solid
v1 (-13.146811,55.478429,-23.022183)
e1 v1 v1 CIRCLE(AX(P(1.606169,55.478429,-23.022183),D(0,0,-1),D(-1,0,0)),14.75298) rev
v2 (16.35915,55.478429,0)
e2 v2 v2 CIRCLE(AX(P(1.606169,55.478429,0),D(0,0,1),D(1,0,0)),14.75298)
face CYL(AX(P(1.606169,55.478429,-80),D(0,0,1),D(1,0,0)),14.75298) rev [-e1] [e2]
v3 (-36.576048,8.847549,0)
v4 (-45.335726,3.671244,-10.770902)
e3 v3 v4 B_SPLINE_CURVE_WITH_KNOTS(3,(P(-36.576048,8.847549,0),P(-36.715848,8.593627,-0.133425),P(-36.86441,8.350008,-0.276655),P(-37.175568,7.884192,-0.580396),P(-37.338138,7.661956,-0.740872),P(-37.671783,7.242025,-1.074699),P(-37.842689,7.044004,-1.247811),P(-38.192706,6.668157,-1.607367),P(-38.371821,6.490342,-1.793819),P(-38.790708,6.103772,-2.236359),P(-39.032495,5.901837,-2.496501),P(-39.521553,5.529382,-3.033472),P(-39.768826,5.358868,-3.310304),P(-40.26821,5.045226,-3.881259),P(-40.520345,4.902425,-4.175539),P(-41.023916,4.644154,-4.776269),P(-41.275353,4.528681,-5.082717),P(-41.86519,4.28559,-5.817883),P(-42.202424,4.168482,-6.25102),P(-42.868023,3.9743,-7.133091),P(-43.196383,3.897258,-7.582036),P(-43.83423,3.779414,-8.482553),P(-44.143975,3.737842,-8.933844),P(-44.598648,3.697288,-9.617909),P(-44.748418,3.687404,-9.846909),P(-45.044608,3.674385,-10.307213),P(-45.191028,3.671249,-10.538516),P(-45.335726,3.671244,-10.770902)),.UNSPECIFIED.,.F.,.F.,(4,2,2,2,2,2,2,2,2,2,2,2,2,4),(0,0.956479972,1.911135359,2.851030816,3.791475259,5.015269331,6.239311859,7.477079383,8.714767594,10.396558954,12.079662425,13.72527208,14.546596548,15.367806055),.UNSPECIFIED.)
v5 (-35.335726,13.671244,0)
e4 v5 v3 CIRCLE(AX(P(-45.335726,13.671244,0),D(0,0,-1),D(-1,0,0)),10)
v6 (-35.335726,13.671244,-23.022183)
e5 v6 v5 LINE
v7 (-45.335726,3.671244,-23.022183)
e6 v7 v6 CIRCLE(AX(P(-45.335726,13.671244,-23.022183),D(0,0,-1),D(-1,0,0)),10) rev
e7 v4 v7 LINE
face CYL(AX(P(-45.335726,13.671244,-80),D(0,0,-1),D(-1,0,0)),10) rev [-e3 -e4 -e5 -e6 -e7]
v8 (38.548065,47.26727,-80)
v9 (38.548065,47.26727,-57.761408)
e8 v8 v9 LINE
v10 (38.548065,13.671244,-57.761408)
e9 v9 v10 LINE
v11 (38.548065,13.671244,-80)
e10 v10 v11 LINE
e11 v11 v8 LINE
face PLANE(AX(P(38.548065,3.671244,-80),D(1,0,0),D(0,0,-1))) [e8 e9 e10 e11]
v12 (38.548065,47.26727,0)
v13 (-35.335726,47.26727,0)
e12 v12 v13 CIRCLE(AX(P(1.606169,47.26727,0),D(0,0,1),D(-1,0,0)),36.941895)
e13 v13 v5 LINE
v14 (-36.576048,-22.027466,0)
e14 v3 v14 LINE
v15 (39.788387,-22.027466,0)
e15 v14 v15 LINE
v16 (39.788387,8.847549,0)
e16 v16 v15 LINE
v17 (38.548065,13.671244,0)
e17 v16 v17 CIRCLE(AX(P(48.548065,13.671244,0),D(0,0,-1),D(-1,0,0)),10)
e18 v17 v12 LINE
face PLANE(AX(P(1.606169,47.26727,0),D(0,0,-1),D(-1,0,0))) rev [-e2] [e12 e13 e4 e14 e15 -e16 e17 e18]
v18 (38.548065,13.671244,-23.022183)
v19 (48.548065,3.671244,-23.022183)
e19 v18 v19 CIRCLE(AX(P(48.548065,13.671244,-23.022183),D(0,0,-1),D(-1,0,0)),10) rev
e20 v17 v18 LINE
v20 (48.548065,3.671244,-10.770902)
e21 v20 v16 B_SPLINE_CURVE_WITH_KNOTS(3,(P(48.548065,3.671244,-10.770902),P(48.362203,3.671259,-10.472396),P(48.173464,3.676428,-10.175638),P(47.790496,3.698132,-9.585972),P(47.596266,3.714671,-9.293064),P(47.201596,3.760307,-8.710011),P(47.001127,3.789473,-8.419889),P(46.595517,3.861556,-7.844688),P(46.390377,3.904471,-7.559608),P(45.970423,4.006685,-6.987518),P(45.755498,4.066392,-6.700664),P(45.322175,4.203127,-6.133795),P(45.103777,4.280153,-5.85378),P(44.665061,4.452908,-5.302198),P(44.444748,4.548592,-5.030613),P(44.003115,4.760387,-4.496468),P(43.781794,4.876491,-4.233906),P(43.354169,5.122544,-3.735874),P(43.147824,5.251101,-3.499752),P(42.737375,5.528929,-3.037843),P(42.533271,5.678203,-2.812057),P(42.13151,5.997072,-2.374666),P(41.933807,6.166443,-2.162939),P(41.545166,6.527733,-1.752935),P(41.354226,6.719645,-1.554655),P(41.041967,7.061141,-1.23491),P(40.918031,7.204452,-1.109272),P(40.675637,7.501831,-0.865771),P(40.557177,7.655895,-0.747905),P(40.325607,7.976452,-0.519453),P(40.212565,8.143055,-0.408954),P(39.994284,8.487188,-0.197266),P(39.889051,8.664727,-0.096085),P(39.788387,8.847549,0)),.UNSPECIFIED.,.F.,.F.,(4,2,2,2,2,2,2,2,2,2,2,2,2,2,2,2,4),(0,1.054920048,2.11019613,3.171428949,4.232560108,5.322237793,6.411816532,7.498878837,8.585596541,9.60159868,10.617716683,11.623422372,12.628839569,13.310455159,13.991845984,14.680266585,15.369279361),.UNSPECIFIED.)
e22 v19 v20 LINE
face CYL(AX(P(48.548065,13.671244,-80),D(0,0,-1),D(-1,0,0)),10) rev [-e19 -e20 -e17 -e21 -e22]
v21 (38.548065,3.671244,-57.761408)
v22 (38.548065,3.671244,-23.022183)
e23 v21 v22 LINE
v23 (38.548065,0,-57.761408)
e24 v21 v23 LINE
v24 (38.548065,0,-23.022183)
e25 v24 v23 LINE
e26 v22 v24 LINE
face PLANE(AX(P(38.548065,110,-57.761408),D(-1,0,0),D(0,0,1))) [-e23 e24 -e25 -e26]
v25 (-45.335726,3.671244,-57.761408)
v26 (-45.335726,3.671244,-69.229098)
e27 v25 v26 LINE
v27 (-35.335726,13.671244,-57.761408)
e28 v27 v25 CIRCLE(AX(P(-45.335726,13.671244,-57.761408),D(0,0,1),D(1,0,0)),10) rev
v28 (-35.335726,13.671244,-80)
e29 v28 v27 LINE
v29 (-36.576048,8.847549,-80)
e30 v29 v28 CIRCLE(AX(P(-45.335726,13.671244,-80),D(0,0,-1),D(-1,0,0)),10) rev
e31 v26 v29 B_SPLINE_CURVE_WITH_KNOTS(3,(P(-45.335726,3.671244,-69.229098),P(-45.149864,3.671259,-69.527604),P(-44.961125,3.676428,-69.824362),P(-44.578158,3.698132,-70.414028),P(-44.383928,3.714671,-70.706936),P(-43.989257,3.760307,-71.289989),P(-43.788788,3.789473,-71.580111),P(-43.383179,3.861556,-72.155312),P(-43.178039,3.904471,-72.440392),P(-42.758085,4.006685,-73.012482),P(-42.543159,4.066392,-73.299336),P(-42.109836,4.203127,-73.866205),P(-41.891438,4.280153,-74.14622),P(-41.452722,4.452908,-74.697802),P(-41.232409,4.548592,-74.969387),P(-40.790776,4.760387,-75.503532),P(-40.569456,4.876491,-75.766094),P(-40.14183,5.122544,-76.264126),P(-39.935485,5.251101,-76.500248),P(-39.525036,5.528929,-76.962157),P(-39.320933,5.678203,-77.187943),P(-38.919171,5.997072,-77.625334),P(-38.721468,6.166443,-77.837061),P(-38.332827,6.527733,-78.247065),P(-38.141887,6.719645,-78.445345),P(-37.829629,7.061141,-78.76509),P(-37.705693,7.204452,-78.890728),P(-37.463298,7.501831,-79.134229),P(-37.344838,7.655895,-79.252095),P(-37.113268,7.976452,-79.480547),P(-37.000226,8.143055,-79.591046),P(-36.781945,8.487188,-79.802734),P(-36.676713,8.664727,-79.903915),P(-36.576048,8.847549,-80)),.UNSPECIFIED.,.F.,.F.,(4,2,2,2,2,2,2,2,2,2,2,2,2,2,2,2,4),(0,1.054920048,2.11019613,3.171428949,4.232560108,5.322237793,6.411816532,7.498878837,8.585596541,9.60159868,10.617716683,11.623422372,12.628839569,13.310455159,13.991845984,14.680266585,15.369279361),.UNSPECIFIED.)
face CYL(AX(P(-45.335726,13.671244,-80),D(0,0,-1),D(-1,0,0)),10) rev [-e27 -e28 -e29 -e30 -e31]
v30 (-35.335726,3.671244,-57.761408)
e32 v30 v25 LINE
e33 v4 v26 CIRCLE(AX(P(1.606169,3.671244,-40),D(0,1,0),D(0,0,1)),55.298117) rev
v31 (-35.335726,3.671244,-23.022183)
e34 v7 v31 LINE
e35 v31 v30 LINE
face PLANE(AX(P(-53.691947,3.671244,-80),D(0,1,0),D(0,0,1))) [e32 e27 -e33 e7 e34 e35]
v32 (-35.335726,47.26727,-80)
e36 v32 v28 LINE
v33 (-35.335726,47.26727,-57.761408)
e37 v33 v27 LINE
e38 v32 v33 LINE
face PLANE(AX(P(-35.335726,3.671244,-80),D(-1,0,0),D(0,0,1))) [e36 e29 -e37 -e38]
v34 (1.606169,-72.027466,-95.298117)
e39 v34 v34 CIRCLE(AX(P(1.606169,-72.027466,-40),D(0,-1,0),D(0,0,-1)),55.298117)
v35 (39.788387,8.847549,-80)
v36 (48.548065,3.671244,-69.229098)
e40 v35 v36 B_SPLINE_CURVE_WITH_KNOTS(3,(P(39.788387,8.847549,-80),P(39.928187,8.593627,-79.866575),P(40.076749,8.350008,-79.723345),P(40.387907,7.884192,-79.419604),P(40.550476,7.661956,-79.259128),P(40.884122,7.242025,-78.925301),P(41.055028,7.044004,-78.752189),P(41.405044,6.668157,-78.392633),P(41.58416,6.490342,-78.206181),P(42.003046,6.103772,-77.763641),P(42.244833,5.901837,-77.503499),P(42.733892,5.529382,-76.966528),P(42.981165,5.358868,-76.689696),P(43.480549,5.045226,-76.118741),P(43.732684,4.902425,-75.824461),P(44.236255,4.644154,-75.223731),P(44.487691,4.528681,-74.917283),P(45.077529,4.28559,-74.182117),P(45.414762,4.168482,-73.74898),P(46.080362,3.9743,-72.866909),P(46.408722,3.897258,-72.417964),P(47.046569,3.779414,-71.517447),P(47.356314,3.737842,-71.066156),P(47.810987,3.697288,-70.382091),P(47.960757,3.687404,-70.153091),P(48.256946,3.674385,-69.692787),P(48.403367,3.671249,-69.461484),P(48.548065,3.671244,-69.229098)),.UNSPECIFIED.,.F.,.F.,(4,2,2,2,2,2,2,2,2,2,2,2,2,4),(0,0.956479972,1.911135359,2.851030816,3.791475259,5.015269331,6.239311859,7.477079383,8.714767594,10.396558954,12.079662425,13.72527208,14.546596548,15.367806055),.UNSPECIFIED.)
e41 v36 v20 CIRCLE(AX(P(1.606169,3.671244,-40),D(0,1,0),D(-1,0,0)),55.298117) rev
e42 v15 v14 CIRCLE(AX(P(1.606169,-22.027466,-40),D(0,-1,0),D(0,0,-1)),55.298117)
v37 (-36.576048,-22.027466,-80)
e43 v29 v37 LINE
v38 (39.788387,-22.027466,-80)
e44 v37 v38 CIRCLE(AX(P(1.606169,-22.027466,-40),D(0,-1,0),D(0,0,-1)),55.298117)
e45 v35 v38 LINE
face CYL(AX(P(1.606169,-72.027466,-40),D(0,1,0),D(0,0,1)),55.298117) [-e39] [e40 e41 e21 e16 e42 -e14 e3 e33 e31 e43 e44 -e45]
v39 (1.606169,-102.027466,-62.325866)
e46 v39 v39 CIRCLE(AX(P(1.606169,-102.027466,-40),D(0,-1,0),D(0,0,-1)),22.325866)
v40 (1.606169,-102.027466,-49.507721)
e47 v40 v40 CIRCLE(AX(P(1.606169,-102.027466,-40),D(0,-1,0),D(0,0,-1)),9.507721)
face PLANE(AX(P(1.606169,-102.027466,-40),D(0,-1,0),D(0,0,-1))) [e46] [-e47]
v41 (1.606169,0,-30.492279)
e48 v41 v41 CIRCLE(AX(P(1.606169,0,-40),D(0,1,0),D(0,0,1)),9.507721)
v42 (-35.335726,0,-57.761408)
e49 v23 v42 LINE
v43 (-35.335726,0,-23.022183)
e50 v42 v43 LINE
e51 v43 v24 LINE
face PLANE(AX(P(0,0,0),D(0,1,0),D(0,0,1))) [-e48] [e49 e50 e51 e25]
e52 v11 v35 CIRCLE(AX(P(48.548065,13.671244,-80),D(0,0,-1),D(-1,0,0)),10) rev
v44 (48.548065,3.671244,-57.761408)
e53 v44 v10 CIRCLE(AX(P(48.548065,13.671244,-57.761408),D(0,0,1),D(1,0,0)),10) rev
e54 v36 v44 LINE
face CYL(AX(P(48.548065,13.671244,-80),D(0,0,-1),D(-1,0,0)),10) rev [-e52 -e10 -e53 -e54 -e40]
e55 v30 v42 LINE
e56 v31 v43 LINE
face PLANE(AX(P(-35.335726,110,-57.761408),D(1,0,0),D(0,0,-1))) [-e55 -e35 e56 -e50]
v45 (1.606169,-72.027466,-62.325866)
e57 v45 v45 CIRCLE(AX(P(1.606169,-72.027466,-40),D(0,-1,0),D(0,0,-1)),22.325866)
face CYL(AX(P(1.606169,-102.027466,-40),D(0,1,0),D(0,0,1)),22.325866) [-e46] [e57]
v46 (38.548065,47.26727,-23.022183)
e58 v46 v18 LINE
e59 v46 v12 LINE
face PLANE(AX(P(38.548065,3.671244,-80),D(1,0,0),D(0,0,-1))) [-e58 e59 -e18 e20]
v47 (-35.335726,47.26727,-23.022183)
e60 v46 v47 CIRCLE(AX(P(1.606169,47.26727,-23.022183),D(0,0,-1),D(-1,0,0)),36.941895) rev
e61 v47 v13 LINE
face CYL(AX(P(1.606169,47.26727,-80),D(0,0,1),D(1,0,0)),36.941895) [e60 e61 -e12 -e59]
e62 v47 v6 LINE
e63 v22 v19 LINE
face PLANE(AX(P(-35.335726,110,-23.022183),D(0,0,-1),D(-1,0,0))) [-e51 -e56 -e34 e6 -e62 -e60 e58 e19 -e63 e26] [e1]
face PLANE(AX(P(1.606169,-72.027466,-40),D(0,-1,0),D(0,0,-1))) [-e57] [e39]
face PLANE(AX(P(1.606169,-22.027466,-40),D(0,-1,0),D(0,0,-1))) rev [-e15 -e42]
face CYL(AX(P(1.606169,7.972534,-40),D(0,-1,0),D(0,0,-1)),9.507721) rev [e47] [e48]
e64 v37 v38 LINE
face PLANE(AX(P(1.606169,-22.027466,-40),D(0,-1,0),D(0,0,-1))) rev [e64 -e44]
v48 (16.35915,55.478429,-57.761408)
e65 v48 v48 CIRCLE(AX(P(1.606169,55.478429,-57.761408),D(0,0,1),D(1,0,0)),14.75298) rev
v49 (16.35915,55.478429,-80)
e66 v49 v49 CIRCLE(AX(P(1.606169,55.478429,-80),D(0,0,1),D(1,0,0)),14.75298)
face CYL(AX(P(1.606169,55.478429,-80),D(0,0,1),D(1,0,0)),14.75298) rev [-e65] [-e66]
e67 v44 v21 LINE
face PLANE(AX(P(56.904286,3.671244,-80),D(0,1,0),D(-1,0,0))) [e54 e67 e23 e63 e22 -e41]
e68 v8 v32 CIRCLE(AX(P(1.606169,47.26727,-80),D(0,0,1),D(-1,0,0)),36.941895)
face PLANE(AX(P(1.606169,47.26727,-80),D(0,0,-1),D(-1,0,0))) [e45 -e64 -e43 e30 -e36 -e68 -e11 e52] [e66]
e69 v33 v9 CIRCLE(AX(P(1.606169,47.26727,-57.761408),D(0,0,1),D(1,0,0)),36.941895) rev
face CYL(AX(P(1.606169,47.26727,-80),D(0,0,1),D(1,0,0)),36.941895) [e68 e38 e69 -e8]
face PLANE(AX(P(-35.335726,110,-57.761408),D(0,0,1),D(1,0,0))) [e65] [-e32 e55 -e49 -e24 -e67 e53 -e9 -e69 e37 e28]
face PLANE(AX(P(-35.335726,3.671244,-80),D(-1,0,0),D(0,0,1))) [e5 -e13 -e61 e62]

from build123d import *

# Parameters (mm, degrees)
BOSS_EXTRUDE1_DEPTH = 80
SKETCH2_R           = 14.752980174
CUT_EXTRUDE1_DEPTH  = 80
SKETCH3_R           = 55.298116799
BOSS_EXTRUDE2_DEPTH = 50
SKETCH4_R           = 22.325866005
BOSS_EXTRUDE3_DEPTH = 30
CUT_EXTRUDE2_DEPTH  = 30
CUT_EXTRUDE3_DEPTH  = 30
CUT_EXTRUDE4_DEPTH  = 30
CUT_EXTRUDE5_DEPTH  = 30
SKETCH11_W          = 73.883790911
SKETCH11_H          = 34.739224631
CUT_EXTRUDE9_DEPTH  = 110
FILLET1_R           = 10
SKETCH12_R          = 9.507720781
CUT_EXTRUDE10_DEPTH = 110


with BuildPart() as part:
    # Sketch1 → Boss-Extrude1 (new body)
    with BuildSketch(Plane.XY):
        with BuildLine():
            Line((-53.691947432, 3.671244269), (-35.335726088, 3.671244269))
            Line((-35.335726088, 3.671244269), (-35.335726088, 47.267269961))
            ThreePointArc((-35.335726088, 47.267269961), (1.606169368, 84.209165417), (38.548064823, 47.267269961))
            Line((38.548064823, 47.267269961), (38.548064823, 3.671244269))
            Line((38.548064823, 3.671244269), (56.904286167, 3.671244269))
            Line((56.904286167, 3.671244269), (56.904286167, -22.027465613))
            Line((56.904286167, -22.027465613), (-53.691947432, -22.027465613))
            Line((-53.691947432, -22.027465613), (-53.691947432, 3.671244269))
        make_face()
    extrude(amount=-BOSS_EXTRUDE1_DEPTH)

    # Sketch2 → Cut-Extrude1 (cut)
    with BuildSketch(Plane.XY):
        with Locations((1.606169368, 55.478429373)):
            Circle(SKETCH2_R)
    extrude(amount=-CUT_EXTRUDE1_DEPTH, mode=Mode.SUBTRACT)

    # Sketch3 → Boss-Extrude2 (add)
    with BuildSketch(Plane.XZ.offset(22.027465613)):
        with Locations((1.606169368, -40)):
            Circle(SKETCH3_R)
    extrude(amount=BOSS_EXTRUDE2_DEPTH)

    # Sketch4 → Boss-Extrude3 (add)
    with BuildSketch(Plane.XZ.offset(72.027465613)):
        with Locations((1.606169368, -40)):
            Circle(SKETCH4_R)
    extrude(amount=BOSS_EXTRUDE3_DEPTH)

    # Sketch5 → Cut-Extrude2 (cut)
    with BuildSketch(Plane.XZ.offset(22.027465613)):
        with BuildLine():
            Line((-36.57604798, 0), (-53.691947432, 0))
            Line((-53.691947432, 0), (-53.691947432, -40))
            ThreePointArc((-53.691947432, -40), (-49.233217116, -18.245954318), (-36.57604798, 0))
        make_face()
    extrude(amount=-CUT_EXTRUDE2_DEPTH, mode=Mode.SUBTRACT)

    # Sketch6 → Cut-Extrude3 (cut)
    with BuildSketch(Plane.XZ.offset(22.027465613)):
        with BuildLine():
            Line((-36.57604798, -80), (-53.691947432, -80))
            Line((-53.691947432, -80), (-53.691947432, -40))
            ThreePointArc((-53.691947432, -40), (-49.233217116, -61.754045682), (-36.57604798, -80))
        make_face()
    extrude(amount=-CUT_EXTRUDE3_DEPTH, mode=Mode.SUBTRACT)

    # Sketch7 → Cut-Extrude4 (cut)
    with BuildSketch(Plane.XZ.offset(22.027465613)):
        with BuildLine():
            Line((56.904286167, -40), (56.904286167, 0))
            Line((56.904286167, 0), (39.788386715, 0))
            ThreePointArc((39.788386715, 0), (52.445555851, -18.245954318), (56.904286167, -40))
        make_face()
    extrude(amount=-CUT_EXTRUDE4_DEPTH, mode=Mode.SUBTRACT)

    # Sketch8 → Cut-Extrude5 (cut)
    with BuildSketch(Plane.XZ.offset(22.027465613)):
        with BuildLine():
            Line((39.788386715, -80), (56.904286167, -80))
            Line((56.904286167, -80), (56.904286167, -40))
            ThreePointArc((56.904286167, -40), (52.445555851, -61.754045682), (39.788386715, -80))
        make_face()
    extrude(amount=-CUT_EXTRUDE5_DEPTH, mode=Mode.SUBTRACT)

    # Sketch11 → Cut-Extrude9 (cut)
    with BuildSketch(Plane(origin=(0, 0, 0), x_dir=(1, 0, 0), z_dir=(0, 1, 0))):
        with Locations((1.606169368, 40.391795767)):
            Rectangle(SKETCH11_W, SKETCH11_H)
    extrude(amount=CUT_EXTRUDE9_DEPTH, mode=Mode.SUBTRACT)

    # Fillet1
    fillet1_edges = [part.edges().sort_by_distance(p)[0] for p in [
        (-35.335726088, 3.671244269, -68.880704041),
        (38.548064823, 3.671244269, -68.880704041),
        (38.548064823, 3.671244269, -11.511091725),
        (-35.335726088, 3.671244269, -11.511091725),
    ]]
    fillet(fillet1_edges, radius=FILLET1_R)

    # Sketch12 → Cut-Extrude10 (cut)
    with BuildSketch(Plane.XZ.offset(102.027465613)):
        with Locations((1.606169368, -40)):
            Circle(SKETCH12_R)
    extrude(amount=-CUT_EXTRUDE10_DEPTH, mode=Mode.SUBTRACT)


solid = part.part
